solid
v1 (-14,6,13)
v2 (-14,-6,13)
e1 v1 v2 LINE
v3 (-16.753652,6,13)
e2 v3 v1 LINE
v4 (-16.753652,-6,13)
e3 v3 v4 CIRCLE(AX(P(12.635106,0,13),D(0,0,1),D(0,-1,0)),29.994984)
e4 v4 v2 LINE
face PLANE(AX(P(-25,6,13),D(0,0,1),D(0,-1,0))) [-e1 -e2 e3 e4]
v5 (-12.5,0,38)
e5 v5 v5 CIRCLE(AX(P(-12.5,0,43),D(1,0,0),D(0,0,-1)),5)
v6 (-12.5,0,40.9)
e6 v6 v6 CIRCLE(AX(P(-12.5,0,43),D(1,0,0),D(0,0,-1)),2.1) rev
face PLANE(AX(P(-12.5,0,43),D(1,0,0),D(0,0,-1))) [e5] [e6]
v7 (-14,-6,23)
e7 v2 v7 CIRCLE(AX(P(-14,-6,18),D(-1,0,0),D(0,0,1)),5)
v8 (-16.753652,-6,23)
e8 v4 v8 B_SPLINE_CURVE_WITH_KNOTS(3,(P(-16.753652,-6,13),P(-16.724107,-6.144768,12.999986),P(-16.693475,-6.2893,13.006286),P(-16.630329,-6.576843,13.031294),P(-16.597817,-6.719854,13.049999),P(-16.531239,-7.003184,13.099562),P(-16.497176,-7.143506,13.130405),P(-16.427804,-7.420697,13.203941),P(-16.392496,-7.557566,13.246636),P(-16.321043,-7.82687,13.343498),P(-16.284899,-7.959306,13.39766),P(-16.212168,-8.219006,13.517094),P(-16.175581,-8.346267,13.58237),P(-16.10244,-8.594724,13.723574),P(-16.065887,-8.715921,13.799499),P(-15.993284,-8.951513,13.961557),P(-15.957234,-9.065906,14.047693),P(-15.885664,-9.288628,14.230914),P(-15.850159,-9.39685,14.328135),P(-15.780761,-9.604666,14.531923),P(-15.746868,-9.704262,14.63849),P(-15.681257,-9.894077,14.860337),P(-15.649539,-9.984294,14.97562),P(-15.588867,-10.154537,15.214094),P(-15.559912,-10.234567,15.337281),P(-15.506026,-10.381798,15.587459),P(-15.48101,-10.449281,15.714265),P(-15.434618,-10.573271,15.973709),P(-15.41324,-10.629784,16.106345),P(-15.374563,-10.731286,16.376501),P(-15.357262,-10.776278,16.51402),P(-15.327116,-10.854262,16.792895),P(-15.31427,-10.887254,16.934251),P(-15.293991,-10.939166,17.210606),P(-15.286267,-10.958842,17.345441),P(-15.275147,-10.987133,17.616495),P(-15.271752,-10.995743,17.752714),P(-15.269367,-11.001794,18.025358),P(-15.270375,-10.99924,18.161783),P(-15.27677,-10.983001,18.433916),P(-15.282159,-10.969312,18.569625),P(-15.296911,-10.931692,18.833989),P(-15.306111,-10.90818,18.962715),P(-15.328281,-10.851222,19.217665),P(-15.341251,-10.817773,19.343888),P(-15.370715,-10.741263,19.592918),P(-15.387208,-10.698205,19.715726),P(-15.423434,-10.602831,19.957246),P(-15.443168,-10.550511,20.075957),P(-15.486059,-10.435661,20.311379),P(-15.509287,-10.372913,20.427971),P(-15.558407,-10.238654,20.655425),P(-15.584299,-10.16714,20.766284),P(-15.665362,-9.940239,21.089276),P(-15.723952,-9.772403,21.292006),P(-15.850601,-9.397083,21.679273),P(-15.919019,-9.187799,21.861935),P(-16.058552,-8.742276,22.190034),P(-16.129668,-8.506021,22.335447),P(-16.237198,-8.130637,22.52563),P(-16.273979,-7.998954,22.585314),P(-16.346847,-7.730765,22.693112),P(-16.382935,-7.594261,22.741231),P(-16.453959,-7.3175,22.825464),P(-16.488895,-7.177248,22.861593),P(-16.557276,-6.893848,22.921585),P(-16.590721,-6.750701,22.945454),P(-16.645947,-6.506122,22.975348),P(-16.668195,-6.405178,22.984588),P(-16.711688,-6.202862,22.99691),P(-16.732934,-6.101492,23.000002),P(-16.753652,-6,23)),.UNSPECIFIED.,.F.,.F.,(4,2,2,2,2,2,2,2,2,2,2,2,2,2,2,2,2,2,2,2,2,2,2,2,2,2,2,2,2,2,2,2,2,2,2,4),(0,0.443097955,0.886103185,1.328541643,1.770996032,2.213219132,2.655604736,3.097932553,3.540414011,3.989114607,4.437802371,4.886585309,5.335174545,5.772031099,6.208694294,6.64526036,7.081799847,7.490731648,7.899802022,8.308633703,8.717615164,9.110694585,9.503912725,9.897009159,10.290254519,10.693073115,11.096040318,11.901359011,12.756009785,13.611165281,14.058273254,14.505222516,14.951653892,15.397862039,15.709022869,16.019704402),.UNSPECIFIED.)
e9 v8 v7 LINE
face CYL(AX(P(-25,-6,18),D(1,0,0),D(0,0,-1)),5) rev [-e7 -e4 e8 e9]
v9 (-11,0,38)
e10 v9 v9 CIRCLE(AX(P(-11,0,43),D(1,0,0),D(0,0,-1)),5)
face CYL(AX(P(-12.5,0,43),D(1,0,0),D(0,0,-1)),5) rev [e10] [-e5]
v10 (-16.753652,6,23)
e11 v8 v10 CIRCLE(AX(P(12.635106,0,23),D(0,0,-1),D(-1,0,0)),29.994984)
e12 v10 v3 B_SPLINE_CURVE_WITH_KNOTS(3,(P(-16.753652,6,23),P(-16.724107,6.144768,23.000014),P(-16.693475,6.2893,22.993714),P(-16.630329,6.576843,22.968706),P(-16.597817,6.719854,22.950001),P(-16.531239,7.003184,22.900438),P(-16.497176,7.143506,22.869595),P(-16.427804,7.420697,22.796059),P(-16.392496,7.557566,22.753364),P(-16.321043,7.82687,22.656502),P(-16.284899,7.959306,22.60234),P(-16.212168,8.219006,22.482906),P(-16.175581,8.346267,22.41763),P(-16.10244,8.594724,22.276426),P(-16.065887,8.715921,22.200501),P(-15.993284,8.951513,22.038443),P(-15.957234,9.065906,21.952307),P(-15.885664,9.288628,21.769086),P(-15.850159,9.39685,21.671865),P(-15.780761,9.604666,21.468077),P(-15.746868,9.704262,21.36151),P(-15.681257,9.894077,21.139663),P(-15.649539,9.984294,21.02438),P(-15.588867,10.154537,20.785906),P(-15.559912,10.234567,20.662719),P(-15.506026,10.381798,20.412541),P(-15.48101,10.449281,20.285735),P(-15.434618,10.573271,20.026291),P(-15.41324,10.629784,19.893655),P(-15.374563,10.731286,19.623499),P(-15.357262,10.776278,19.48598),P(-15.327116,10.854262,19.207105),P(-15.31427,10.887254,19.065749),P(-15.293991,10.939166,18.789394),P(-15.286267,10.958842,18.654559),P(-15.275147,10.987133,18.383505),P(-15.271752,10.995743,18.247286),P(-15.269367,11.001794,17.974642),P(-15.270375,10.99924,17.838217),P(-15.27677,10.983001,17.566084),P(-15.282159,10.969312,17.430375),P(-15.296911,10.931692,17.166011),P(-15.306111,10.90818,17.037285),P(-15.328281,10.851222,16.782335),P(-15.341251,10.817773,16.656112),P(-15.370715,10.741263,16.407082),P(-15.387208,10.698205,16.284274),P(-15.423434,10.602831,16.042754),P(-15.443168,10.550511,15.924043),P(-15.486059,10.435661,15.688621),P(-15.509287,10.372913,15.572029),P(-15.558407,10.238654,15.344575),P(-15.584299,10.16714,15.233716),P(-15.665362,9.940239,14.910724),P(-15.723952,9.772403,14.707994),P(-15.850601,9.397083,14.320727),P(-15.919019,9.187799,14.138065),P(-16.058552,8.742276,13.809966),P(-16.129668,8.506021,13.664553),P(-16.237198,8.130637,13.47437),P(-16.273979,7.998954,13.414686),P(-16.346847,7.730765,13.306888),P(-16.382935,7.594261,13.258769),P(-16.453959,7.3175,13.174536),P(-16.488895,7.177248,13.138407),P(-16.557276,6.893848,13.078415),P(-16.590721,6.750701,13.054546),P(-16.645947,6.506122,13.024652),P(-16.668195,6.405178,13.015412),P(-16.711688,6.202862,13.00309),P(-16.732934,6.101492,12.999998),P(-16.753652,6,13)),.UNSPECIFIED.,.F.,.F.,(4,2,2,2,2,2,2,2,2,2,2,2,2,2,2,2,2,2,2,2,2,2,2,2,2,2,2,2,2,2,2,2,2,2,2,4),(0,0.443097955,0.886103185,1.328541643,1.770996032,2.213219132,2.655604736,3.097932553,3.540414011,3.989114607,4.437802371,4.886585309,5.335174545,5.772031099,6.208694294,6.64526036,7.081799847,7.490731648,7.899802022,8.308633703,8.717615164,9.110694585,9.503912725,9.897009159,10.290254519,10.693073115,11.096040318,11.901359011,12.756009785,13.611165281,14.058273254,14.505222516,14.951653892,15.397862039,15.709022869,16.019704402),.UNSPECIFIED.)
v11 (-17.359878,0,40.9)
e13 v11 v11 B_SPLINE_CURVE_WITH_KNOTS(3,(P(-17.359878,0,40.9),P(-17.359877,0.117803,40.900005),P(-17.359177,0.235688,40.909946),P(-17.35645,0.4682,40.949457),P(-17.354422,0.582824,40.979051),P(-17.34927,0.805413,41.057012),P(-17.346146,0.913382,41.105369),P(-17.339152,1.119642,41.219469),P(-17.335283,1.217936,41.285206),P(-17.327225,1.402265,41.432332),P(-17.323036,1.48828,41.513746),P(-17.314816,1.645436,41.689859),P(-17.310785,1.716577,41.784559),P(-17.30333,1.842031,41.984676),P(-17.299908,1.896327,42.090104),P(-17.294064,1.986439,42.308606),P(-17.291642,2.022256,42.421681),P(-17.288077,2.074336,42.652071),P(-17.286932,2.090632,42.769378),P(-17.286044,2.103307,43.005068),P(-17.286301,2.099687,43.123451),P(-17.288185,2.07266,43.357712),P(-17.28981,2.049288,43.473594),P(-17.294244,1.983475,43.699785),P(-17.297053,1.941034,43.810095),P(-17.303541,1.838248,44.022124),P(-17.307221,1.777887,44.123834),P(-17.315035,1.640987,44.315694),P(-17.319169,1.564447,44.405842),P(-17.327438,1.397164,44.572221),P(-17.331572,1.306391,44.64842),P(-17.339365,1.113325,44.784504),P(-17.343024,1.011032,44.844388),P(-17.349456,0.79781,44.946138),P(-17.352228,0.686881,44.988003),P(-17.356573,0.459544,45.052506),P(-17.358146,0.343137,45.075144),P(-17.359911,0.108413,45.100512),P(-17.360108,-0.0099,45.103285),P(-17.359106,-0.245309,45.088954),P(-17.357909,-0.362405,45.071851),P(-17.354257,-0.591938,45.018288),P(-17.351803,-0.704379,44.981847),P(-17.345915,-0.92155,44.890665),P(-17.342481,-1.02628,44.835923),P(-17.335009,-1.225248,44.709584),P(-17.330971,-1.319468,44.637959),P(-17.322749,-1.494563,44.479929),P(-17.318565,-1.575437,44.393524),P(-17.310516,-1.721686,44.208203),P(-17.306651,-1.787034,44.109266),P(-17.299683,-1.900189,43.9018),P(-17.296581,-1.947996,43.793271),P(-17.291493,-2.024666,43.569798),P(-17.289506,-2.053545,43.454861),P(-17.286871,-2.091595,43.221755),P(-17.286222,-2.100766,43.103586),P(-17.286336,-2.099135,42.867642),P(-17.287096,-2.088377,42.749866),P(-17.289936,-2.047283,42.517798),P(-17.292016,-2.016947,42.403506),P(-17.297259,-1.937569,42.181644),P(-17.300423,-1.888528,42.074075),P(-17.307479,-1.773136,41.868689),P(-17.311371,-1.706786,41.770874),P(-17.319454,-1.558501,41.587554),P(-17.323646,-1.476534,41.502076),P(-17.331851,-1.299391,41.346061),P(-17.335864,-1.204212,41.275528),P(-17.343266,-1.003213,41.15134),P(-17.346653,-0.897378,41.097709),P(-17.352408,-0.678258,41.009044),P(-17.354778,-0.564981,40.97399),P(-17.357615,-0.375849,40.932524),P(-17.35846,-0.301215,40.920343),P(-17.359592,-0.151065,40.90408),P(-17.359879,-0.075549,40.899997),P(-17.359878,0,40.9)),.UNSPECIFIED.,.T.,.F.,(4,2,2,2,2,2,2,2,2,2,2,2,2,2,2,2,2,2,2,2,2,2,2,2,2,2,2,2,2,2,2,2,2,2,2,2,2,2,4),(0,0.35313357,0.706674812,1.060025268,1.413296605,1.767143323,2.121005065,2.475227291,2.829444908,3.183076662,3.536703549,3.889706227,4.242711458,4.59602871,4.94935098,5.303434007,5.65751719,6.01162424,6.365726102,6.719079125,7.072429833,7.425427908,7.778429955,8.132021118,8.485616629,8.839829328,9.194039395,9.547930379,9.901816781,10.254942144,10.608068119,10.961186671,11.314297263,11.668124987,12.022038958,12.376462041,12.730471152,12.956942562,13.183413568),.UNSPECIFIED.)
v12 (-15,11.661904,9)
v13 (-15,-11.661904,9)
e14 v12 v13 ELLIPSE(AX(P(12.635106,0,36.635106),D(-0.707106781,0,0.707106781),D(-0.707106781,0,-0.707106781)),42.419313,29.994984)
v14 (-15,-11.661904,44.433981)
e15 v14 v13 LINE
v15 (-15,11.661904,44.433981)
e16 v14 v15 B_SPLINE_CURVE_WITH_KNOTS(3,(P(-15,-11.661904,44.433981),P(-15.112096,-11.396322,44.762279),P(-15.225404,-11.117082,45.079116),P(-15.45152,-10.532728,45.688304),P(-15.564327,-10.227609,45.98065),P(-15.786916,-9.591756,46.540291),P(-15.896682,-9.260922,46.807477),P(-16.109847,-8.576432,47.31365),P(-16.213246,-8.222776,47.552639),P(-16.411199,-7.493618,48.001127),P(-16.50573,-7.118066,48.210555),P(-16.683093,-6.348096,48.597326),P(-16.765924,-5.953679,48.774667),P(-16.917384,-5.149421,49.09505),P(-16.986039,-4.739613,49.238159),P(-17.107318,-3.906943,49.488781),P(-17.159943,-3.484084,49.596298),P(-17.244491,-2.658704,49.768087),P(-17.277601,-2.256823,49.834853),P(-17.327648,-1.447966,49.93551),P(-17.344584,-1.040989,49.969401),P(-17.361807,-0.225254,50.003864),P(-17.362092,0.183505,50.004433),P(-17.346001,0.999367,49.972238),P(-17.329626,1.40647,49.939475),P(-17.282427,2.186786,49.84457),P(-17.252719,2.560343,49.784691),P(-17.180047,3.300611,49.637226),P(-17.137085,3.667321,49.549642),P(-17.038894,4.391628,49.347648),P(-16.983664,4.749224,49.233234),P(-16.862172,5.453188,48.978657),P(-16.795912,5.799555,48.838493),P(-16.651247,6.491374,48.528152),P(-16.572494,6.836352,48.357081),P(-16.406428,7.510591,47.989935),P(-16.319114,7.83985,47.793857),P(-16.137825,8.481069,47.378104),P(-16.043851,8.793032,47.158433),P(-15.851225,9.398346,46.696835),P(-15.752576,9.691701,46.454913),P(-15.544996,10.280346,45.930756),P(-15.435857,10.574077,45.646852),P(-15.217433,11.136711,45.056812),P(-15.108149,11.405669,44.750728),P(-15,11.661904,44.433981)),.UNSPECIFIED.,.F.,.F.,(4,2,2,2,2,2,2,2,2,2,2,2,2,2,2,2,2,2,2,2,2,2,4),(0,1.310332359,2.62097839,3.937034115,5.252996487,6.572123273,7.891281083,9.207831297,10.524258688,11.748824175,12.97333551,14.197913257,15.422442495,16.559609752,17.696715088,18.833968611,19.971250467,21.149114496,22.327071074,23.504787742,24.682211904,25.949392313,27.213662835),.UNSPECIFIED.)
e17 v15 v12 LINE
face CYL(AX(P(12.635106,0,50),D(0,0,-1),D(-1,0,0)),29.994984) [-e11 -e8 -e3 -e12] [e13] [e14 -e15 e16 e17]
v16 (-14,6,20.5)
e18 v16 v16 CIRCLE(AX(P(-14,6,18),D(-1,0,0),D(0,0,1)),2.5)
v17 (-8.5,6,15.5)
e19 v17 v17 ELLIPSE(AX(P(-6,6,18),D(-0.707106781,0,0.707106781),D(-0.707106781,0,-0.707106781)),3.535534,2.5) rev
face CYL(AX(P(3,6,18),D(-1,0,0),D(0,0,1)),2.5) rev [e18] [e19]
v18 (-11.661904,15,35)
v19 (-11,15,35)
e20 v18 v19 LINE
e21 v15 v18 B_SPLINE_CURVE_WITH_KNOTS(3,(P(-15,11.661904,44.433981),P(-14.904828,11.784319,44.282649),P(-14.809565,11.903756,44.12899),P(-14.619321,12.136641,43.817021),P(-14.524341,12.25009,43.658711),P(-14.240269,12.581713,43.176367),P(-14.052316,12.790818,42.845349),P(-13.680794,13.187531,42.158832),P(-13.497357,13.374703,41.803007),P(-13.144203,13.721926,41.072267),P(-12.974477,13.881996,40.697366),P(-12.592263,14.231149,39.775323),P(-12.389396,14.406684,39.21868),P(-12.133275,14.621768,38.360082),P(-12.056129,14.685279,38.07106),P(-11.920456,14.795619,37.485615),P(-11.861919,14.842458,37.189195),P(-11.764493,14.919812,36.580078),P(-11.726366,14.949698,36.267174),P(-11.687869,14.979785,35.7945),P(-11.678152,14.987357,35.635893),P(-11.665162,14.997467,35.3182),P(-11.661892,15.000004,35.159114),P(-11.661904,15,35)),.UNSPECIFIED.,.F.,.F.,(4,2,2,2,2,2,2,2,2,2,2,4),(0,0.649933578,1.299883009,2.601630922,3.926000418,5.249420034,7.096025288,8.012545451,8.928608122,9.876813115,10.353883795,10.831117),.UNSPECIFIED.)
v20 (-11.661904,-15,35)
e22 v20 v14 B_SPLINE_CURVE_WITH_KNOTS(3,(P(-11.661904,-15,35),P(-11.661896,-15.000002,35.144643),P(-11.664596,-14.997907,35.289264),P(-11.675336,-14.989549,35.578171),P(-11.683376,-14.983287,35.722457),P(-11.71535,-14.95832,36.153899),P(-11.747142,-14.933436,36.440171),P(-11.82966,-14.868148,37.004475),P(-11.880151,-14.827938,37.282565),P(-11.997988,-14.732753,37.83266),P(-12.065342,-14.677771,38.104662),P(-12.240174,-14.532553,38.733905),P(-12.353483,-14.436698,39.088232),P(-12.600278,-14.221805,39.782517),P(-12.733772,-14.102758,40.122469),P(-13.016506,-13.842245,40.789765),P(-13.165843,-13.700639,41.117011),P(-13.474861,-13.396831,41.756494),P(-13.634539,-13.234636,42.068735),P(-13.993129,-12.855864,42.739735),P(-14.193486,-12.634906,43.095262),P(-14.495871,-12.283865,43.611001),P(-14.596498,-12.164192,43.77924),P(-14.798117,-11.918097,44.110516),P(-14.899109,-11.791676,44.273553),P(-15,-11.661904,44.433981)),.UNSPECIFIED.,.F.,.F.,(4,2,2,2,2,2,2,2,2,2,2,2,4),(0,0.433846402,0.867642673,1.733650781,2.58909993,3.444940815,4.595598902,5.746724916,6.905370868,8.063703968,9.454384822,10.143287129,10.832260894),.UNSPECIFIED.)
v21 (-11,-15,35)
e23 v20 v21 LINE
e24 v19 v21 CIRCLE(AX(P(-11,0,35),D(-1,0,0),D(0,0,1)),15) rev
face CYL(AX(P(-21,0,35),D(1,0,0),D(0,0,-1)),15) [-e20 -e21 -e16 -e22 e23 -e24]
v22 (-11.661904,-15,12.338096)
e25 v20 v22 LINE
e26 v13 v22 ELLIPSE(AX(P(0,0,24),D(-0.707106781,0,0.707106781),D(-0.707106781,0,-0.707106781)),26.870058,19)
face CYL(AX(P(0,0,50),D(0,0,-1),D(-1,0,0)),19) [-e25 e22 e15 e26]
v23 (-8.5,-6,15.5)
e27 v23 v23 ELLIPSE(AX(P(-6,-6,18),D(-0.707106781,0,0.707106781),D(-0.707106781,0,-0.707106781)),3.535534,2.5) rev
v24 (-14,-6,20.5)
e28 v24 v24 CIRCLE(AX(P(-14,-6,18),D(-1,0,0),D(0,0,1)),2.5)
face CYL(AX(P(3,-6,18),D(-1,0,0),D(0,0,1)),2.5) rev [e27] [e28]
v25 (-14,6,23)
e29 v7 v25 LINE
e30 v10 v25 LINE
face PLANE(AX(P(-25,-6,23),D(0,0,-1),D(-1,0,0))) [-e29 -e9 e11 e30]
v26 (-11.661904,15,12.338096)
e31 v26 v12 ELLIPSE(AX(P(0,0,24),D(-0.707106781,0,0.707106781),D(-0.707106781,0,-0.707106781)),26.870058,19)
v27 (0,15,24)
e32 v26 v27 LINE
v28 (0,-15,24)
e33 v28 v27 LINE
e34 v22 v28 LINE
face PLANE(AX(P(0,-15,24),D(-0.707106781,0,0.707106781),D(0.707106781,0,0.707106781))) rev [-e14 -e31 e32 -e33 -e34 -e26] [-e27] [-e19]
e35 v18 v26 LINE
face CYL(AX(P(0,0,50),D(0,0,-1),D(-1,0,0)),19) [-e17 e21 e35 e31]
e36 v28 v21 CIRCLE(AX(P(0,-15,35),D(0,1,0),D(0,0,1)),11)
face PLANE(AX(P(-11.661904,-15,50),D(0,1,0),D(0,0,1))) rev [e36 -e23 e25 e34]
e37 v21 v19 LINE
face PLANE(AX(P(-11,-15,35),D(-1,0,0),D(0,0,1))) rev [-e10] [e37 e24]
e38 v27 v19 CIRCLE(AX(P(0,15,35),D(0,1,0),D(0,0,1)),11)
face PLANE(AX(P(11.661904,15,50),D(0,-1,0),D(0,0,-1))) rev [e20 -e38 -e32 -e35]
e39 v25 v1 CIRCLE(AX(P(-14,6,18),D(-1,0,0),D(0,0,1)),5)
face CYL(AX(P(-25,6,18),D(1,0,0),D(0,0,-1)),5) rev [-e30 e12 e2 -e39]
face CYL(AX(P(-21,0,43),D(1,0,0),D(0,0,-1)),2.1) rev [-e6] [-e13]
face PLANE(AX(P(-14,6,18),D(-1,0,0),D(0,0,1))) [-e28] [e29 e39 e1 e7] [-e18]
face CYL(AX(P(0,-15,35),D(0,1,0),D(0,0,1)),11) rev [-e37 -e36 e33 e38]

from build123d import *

# Parameters (mm, degrees)
BOSS_EXTRUDE1_DEPTH     = 50
CUT_EXTRUDE1_DEPTH      = 56.012411105
CUT_EXTRUDE1_DEPTH_BACK = 56.012411105
SKETCH3_R               = 11.25
CUT_EXTRUDE2_DEPTH      = 7
CUT_EXTRUDE3_DEPTH      = 24
CUT_EXTRUDE3_DEPTH_BACK = 3
SKETCH5_R               = 2
CUT_EXTRUDE4_DEPTH      = 56.012411105
CUT_EXTRUDE4_DEPTH_BACK = 56.012411105
CUT_EXTRUDE5_DEPTH      = 3
CUT_EXTRUDE5_DEPTH_BACK = 15
SKETCH7_R               = 2.5
CUT_EXTRUDE7_DEPTH      = 10
CUT_EXTRUDE7_DEPTH_BACK = 1
CUT_EXTRUDE8_DEPTH      = 10
SKETCH11_R              = 2.1
CUT_EXTRUDE9_DEPTH      = 10
SKETCH12_R              = 5
CUT_EXTRUDE10_DEPTH     = 1.5


with BuildPart() as part:
    # Sketch1 → Boss-Extrude1 (new body)
    with BuildSketch(Plane.XY):
        with BuildLine():
            Line((-11.66190379, -15), (11.66190379, -15))
            ThreePointArc((11.66190379, -15), (13.435028843, -13.435028843), (15, -11.66190379))
            ThreePointArc((15, -11.66190379), (17.359878328, 0), (15, 11.66190379))
            ThreePointArc((15, 11.66190379), (13.435028843, 13.435028843), (11.66190379, 15))
            Line((11.66190379, 15), (-11.66190379, 15))
            ThreePointArc((-11.66190379, 15), (-13.435028843, 13.435028843), (-15, 11.66190379))
            ThreePointArc((-15, 11.66190379), (-17.359878328, 0), (-15, -11.66190379))
            ThreePointArc((-15, -11.66190379), (-13.435028843, -13.435028843), (-11.66190379, -15))
        make_face()
    extrude(amount=BOSS_EXTRUDE1_DEPTH)

    # Sketch2 → Cut-Extrude1 (cut, two sides: drawn at the far end of the back side and taken through both)
    with BuildSketch(Plane(origin=(0, 0, 0), x_dir=(1, 0, 0), z_dir=(0, 1, 0)).offset(-CUT_EXTRUDE1_DEPTH_BACK)):
        with BuildLine():
            Line((-11, -35), (-11, -50))
            Line((-11, -50), (11, -50))
            Line((11, -50), (11, -35))
            ThreePointArc((11, -35), (0, -24), (-11, -35))
        make_face()
    extrude(amount=CUT_EXTRUDE1_DEPTH + CUT_EXTRUDE1_DEPTH_BACK, mode=Mode.SUBTRACT)

    # Sketch3 → Cut-Extrude2 (cut)
    with BuildSketch(Plane(origin=(0, 0, 0), x_dir=(-1, 0, 0), z_dir=(0, 0, -1))):
        Circle(SKETCH3_R)
    extrude(amount=-CUT_EXTRUDE2_DEPTH, mode=Mode.SUBTRACT)

    # Sketch4 → Cut-Revolve1 (revolve, cut)
    with BuildSketch(Plane(origin=(0, 0, 0), x_dir=(1, 0, 0), z_dir=(0, 1, 0)), mode=Mode.PRIVATE) as cut_revolve1_sk:
        Polygon((0, -7), (9, -7), (0, -9), align=None)
    revolve(cut_revolve1_sk.sketch.rotate(Axis((0, 0, 9), (0, 0, -1)), 180), axis=Axis((0, 0, 9), (0, 0, -1)), mode=Mode.SUBTRACT)

    # Sketch5 → Cut-Extrude3 (cut, two sides: drawn at the far end of the back side and taken through both)
    with BuildSketch(Plane.ZY.offset(-11).offset(-CUT_EXTRUDE3_DEPTH_BACK)):
        with Locations((43, 0)):
            Circle(SKETCH5_R)
    extrude(amount=CUT_EXTRUDE3_DEPTH + CUT_EXTRUDE3_DEPTH_BACK, mode=Mode.SUBTRACT)

    # Sketch6 → Cut-Extrude4 (cut, two sides: drawn at the far end of the back side and taken through both)
    with BuildSketch(Plane(origin=(0, 0, 0), x_dir=(1, 0, 0), z_dir=(0, 1, 0)).offset(-CUT_EXTRUDE4_DEPTH_BACK)):
        Polygon((0, -24), (-19.504315736, -4.495684264), (-19.504315736, 1.223091499), (17.994194722, 1.223091499), (17.994194722, -52.44895982), (0, -52.44895982), align=None)
    extrude(amount=CUT_EXTRUDE4_DEPTH + CUT_EXTRUDE4_DEPTH_BACK, mode=Mode.SUBTRACT)

    # Sketch7 → Cut-Extrude5 (cut, two sides: drawn at the far end of the back side and taken through both)
    with BuildSketch(Plane(origin=(0, 0, 0), x_dir=(0, 0, -1), z_dir=(1, 0, 0)).offset(-CUT_EXTRUDE5_DEPTH_BACK)):
        with Locations((-18, 6)):
            Circle(SKETCH7_R)
        with Locations(Location((-18, -6, 0), (0, 0, 180))):
            Circle(SKETCH7_R)
    extrude(amount=CUT_EXTRUDE5_DEPTH + CUT_EXTRUDE5_DEPTH_BACK, mode=Mode.SUBTRACT)

    # Sketch9 → Cut-Extrude7 (cut, two sides: drawn at the far end of the back side and taken through both)
    with BuildSketch(Plane.ZY.offset(15).offset(-CUT_EXTRUDE7_DEPTH_BACK)):
        with BuildLine():
            Line((13, 6), (13, -6))
            ThreePointArc((13, -6), (18, -11), (23, -6))
            Line((23, -6), (23, 6))
            ThreePointArc((23, 6), (18, 11), (13, 6))
        make_face()
    extrude(amount=CUT_EXTRUDE7_DEPTH + CUT_EXTRUDE7_DEPTH_BACK, mode=Mode.SUBTRACT)

    # Sketch10 → Cut-Extrude8 (cut)
    with BuildSketch(Plane(origin=(-11, 0, 0), x_dir=(0, 0, -1), z_dir=(1, 0, 0))):
        with BuildLine():
            Line((-35, 15), (-35, 16.580470579))
            Line((-35, 16.580470579), (-52.035721035, 16.580470579))
            Line((-52.035721035, 16.580470579), (-52.035721035, -15.90001351))
            Line((-52.035721035, -15.90001351), (-35, -15.90001351))
            Line((-35, -15.90001351), (-35, -15))
            ThreePointArc((-35, -15), (-50, 0), (-35, 15))
        make_face()
    extrude(amount=-CUT_EXTRUDE8_DEPTH, mode=Mode.SUBTRACT)

    # Sketch11 → Cut-Extrude9 (cut)
    with BuildSketch(Plane(origin=(-11, 0, 0), x_dir=(0, 0, -1), z_dir=(1, 0, 0))):
        with Locations((-43, 0)):
            Circle(SKETCH11_R)
    extrude(amount=-CUT_EXTRUDE9_DEPTH, mode=Mode.SUBTRACT)

    # Sketch12 → Cut-Extrude10 (cut)
    with BuildSketch(Plane(origin=(-11, 0, 0), x_dir=(0, 0, -1), z_dir=(1, 0, 0))):
        with Locations((-43, 0)):
            Circle(SKETCH12_R)
    extrude(amount=-CUT_EXTRUDE10_DEPTH, mode=Mode.SUBTRACT)


solid = part.part
